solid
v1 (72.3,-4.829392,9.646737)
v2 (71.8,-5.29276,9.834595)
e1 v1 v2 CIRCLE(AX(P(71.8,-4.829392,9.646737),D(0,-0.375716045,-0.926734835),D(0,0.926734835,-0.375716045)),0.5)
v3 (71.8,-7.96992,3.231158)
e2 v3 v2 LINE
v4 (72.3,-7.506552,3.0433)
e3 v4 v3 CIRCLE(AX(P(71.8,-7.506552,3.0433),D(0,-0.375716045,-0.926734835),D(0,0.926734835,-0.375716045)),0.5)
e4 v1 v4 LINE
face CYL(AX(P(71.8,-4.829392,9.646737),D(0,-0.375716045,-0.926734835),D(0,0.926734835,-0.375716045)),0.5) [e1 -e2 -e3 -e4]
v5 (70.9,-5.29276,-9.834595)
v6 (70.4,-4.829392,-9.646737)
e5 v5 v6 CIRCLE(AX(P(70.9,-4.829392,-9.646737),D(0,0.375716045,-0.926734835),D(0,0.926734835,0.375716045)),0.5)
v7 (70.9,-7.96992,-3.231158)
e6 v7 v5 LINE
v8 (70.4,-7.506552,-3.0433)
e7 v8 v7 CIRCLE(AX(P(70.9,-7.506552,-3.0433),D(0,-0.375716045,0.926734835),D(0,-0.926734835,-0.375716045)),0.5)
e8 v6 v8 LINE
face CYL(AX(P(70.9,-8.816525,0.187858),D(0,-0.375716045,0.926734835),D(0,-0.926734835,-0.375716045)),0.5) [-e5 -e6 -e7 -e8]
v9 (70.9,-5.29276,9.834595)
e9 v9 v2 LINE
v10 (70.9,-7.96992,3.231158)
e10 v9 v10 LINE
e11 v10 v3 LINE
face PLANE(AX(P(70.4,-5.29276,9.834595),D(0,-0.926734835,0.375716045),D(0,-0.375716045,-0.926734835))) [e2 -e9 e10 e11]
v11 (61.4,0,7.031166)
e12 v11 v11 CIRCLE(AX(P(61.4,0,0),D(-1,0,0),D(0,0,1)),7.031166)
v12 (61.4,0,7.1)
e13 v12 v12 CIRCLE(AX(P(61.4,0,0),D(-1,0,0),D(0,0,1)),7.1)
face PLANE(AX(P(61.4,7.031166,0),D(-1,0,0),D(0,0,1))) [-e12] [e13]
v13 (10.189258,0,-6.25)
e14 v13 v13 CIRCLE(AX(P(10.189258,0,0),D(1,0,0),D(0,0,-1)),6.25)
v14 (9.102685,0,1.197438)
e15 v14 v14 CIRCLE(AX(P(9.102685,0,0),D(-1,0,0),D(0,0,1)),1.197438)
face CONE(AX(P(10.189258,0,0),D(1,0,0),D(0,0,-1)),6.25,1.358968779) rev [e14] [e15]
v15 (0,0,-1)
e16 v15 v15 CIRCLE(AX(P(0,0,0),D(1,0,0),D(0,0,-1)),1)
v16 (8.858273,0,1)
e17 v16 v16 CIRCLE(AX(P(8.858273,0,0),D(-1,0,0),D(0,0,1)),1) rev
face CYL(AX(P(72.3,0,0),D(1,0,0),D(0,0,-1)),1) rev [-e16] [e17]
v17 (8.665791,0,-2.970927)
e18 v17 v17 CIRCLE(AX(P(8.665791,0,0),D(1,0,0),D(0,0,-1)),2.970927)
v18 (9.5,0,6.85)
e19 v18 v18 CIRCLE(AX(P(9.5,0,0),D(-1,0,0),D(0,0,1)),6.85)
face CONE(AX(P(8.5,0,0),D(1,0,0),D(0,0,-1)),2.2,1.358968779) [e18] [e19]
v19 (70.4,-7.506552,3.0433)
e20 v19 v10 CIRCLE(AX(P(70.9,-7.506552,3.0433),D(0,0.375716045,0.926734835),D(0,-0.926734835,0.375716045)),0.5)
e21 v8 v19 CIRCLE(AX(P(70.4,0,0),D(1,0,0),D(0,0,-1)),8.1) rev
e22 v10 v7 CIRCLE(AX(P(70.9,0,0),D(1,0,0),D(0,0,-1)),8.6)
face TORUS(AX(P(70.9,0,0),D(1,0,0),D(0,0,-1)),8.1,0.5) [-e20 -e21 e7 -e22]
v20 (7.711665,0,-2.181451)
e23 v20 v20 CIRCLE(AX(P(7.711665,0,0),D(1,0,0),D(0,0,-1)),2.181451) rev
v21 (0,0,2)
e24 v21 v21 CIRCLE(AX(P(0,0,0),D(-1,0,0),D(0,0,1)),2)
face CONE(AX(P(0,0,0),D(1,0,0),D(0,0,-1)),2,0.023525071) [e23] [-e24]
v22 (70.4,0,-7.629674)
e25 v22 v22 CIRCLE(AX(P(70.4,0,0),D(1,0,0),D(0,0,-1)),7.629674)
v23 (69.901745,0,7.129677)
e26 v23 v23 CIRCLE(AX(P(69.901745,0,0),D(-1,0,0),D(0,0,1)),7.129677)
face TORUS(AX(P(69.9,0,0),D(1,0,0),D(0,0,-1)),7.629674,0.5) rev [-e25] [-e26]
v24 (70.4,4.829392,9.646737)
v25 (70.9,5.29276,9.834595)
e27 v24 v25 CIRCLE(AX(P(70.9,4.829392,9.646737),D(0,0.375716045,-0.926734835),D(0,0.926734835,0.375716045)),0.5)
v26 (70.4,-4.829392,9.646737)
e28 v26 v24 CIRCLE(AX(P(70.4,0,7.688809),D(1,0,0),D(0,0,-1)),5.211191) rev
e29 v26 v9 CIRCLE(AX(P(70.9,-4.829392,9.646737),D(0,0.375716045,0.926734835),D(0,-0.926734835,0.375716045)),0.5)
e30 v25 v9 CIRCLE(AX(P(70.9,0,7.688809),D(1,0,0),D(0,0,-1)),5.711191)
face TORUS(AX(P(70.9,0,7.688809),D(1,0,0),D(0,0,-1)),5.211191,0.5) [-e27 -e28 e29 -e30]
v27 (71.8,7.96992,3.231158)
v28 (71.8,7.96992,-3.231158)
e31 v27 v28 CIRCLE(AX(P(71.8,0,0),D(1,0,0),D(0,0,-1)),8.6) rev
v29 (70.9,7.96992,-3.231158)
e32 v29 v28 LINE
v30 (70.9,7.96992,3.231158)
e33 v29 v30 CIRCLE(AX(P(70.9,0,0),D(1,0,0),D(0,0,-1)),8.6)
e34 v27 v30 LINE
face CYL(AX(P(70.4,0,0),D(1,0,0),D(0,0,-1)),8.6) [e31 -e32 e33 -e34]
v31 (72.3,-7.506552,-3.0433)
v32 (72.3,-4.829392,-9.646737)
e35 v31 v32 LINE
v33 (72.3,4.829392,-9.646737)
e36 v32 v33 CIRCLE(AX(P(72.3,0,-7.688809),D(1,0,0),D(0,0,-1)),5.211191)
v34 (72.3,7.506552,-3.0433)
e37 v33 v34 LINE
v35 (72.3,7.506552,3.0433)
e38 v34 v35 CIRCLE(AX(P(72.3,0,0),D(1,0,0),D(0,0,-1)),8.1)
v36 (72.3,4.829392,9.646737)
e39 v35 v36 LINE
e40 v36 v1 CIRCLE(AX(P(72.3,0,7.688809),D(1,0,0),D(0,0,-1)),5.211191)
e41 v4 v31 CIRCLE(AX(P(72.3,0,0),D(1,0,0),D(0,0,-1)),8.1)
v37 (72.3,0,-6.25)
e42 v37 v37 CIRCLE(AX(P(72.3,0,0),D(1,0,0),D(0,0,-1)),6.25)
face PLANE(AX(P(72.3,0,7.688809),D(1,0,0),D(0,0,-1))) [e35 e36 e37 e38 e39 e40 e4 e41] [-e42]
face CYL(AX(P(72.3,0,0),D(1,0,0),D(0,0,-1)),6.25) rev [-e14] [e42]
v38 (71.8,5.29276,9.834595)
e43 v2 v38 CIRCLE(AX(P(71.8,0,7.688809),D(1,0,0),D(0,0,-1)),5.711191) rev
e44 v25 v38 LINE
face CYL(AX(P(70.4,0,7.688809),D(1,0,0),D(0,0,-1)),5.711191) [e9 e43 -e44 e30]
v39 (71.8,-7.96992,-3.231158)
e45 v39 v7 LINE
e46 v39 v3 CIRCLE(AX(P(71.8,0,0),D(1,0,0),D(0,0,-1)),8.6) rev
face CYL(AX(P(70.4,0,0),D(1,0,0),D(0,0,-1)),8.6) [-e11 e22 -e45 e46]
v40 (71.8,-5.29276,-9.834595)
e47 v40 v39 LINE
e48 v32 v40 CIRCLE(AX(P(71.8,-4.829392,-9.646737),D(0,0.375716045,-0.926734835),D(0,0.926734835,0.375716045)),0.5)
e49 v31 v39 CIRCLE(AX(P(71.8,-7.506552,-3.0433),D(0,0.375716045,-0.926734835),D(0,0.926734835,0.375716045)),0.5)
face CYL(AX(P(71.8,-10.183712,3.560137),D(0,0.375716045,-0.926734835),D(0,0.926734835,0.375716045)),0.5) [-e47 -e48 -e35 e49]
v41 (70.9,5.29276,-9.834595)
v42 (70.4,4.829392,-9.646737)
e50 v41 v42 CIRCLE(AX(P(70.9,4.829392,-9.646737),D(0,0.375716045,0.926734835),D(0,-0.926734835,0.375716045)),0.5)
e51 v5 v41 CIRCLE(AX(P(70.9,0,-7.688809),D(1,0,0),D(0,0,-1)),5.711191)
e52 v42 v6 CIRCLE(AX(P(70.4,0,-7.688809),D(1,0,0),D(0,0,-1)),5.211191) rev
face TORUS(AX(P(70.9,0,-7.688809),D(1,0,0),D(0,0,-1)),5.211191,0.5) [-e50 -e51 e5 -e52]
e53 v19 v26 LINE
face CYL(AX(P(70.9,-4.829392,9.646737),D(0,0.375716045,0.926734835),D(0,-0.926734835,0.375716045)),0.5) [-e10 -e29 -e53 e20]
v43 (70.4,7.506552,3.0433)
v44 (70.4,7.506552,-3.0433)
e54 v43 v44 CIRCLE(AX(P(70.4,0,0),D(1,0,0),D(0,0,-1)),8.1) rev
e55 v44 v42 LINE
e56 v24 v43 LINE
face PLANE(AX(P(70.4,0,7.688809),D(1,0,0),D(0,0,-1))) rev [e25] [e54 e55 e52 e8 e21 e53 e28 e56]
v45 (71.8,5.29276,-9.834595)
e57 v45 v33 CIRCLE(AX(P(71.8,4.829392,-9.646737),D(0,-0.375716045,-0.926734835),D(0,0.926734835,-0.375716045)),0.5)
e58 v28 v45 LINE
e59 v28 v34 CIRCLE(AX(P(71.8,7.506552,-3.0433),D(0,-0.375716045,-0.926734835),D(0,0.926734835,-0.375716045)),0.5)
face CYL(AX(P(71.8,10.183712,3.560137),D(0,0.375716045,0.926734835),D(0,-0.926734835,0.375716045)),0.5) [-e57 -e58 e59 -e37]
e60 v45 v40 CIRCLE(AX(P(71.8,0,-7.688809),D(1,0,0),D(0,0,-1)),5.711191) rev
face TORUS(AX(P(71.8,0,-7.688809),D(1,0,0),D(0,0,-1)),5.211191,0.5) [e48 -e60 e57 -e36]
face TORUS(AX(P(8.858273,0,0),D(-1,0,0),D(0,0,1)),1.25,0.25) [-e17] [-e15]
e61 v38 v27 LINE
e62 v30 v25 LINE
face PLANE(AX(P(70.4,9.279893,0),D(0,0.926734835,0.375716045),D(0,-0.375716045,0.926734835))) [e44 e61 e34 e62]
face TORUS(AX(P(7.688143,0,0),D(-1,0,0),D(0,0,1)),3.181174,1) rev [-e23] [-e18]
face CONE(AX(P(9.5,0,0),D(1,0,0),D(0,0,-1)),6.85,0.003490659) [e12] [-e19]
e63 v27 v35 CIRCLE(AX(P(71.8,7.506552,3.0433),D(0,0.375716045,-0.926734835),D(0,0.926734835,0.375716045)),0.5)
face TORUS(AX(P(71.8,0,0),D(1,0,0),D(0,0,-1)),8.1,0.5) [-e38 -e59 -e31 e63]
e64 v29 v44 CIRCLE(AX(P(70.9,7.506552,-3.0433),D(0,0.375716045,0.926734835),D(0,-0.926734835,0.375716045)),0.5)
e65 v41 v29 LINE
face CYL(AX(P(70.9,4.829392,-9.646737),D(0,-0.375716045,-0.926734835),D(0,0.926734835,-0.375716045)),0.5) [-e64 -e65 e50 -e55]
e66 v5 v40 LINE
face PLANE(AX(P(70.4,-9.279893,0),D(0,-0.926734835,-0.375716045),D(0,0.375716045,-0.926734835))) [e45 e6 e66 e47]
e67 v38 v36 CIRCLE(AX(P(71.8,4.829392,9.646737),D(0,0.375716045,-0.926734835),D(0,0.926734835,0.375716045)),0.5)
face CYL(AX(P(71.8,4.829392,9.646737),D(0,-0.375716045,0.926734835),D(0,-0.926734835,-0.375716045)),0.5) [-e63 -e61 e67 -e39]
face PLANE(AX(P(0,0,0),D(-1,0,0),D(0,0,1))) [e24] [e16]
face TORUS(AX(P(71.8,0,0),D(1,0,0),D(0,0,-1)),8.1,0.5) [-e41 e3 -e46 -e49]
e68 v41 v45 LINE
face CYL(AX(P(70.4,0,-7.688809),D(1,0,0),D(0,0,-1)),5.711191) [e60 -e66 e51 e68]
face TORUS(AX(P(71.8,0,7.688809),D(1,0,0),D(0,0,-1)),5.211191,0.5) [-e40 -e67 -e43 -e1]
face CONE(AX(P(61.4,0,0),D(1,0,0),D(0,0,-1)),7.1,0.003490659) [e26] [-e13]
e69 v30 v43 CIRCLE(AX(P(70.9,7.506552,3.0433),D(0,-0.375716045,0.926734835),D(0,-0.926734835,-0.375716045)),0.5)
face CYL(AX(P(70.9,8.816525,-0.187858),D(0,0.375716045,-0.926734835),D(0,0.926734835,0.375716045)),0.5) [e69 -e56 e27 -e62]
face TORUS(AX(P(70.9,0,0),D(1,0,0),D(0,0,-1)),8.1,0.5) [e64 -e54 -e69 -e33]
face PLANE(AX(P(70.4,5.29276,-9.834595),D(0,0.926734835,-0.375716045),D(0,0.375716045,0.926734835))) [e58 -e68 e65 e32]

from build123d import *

# Parameters (mm, degrees)
BOSS_EXTRUDE3_DEPTH = 1.9
FILLET4_R           = 8.6
FILLET5_R           = 0.25
FILLET6_R           = 0.5
FILLET7_R           = 1


with BuildPart() as part:
    # Sketch6 → Boss-Extrude3 (new body)
    with BuildSketch(Plane(origin=(72.3, 0, 0), x_dir=(0, 0, -1), z_dir=(1, 0, 0))):
        with BuildLine():
            Line((-9.834595004, -5.292759782), (0, -9.279892888))
            Line((0, -9.279892888), (9.834595004, -5.292759782))
            ThreePointArc((9.834595004, -5.292759782), (13.4, 0), (9.834595004, 5.292759782))
            Line((9.834595004, 5.292759782), (0, 9.279892888))
            Line((0, 9.279892888), (-9.834595004, 5.292759782))
            ThreePointArc((-9.834595004, 5.292759782), (-13.4, 0), (-9.834595004, -5.292759782))
        make_face()
    extrude(amount=-BOSS_EXTRUDE3_DEPTH)

    # Sketch11 → Revolve1 (revolve)
    with BuildSketch(Plane(origin=(0, 0, 0), x_dir=(-1, 0, 0), z_dir=(0, 0, -1))):
        Polygon((-70.4, 7.131416054), (-70.4, 0), (0, 0), (0, 2), (-8.5, 2.2), (-9.5, 6.85), (-61.4, 7.031165912), (-61.4, 7.1), align=None)
    revolve(axis=Axis((70.4, 0, 0), (-1, 0, 0)))

    # Sketch12 → Hole1 (revolve, cut)
    with BuildSketch(Plane(origin=(72.3, 0, 0), x_dir=(0, 0, -1), z_dir=(0, 1, 0))):
        Polygon((0, 0), (0, 72.3), (1, 72.3), (1, 63.239774349), (6.25, 62.110742091), (6.25, 0), align=None)
    revolve(axis=Axis((78.430023899, 0, 0), (-1, 0, 0)), mode=Mode.SUBTRACT)

    # Fillet4
    fillet4_edges = [part.edges().sort_by_distance(p)[0] for p in [
        (71.35, 9.279892888, 0),
        (71.35, -9.279892888, 0),
    ]]
    fillet(fillet4_edges, radius=FILLET4_R)

    # Fillet5
    fillet5_edges = [part.edges().sort_by_distance(p)[0] for p in [
        (9.060225651, 0, 1),
    ]]
    fillet(fillet5_edges, radius=FILLET5_R)

    # Fillet6
    fillet6_edges = [part.edges().sort_by_distance(p)[0] for p in [
        (70.4, 0, -13.4),
        (70.4, 6.631339679, -6.532876496),
        (70.4, -7.131416054, 0),
        (72.3, -6.631339679, -6.532876496),
        (72.3, 6.631339679, 6.532876496),
        (72.3, 8.6, 0),
        (72.3, -8.6, 0),
        (70.4, -6.631339679, -6.532876496),
        (70.4, 6.631339679, 6.532876496),
        (70.4, 8.6, 0),
        (70.4, -8.6, 0),
        (70.4, 0, 13.4),
        (72.3, 6.631339679, -6.532876496),
        (72.3, 0, -13.4),
        (70.4, -6.631339679, 6.532876496),
        (72.3, -6.631339679, 6.532876496),
        (72.3, 0, 13.4),
    ]]
    fillet(fillet6_edges, radius=FILLET6_R)

    # Fillet7
    fillet7_edges = [part.edges().sort_by_distance(p)[0] for p in [
        (8.5, -2.2, 0),
    ]]
    fillet(fillet7_edges, radius=FILLET7_R)


solid = part.part
